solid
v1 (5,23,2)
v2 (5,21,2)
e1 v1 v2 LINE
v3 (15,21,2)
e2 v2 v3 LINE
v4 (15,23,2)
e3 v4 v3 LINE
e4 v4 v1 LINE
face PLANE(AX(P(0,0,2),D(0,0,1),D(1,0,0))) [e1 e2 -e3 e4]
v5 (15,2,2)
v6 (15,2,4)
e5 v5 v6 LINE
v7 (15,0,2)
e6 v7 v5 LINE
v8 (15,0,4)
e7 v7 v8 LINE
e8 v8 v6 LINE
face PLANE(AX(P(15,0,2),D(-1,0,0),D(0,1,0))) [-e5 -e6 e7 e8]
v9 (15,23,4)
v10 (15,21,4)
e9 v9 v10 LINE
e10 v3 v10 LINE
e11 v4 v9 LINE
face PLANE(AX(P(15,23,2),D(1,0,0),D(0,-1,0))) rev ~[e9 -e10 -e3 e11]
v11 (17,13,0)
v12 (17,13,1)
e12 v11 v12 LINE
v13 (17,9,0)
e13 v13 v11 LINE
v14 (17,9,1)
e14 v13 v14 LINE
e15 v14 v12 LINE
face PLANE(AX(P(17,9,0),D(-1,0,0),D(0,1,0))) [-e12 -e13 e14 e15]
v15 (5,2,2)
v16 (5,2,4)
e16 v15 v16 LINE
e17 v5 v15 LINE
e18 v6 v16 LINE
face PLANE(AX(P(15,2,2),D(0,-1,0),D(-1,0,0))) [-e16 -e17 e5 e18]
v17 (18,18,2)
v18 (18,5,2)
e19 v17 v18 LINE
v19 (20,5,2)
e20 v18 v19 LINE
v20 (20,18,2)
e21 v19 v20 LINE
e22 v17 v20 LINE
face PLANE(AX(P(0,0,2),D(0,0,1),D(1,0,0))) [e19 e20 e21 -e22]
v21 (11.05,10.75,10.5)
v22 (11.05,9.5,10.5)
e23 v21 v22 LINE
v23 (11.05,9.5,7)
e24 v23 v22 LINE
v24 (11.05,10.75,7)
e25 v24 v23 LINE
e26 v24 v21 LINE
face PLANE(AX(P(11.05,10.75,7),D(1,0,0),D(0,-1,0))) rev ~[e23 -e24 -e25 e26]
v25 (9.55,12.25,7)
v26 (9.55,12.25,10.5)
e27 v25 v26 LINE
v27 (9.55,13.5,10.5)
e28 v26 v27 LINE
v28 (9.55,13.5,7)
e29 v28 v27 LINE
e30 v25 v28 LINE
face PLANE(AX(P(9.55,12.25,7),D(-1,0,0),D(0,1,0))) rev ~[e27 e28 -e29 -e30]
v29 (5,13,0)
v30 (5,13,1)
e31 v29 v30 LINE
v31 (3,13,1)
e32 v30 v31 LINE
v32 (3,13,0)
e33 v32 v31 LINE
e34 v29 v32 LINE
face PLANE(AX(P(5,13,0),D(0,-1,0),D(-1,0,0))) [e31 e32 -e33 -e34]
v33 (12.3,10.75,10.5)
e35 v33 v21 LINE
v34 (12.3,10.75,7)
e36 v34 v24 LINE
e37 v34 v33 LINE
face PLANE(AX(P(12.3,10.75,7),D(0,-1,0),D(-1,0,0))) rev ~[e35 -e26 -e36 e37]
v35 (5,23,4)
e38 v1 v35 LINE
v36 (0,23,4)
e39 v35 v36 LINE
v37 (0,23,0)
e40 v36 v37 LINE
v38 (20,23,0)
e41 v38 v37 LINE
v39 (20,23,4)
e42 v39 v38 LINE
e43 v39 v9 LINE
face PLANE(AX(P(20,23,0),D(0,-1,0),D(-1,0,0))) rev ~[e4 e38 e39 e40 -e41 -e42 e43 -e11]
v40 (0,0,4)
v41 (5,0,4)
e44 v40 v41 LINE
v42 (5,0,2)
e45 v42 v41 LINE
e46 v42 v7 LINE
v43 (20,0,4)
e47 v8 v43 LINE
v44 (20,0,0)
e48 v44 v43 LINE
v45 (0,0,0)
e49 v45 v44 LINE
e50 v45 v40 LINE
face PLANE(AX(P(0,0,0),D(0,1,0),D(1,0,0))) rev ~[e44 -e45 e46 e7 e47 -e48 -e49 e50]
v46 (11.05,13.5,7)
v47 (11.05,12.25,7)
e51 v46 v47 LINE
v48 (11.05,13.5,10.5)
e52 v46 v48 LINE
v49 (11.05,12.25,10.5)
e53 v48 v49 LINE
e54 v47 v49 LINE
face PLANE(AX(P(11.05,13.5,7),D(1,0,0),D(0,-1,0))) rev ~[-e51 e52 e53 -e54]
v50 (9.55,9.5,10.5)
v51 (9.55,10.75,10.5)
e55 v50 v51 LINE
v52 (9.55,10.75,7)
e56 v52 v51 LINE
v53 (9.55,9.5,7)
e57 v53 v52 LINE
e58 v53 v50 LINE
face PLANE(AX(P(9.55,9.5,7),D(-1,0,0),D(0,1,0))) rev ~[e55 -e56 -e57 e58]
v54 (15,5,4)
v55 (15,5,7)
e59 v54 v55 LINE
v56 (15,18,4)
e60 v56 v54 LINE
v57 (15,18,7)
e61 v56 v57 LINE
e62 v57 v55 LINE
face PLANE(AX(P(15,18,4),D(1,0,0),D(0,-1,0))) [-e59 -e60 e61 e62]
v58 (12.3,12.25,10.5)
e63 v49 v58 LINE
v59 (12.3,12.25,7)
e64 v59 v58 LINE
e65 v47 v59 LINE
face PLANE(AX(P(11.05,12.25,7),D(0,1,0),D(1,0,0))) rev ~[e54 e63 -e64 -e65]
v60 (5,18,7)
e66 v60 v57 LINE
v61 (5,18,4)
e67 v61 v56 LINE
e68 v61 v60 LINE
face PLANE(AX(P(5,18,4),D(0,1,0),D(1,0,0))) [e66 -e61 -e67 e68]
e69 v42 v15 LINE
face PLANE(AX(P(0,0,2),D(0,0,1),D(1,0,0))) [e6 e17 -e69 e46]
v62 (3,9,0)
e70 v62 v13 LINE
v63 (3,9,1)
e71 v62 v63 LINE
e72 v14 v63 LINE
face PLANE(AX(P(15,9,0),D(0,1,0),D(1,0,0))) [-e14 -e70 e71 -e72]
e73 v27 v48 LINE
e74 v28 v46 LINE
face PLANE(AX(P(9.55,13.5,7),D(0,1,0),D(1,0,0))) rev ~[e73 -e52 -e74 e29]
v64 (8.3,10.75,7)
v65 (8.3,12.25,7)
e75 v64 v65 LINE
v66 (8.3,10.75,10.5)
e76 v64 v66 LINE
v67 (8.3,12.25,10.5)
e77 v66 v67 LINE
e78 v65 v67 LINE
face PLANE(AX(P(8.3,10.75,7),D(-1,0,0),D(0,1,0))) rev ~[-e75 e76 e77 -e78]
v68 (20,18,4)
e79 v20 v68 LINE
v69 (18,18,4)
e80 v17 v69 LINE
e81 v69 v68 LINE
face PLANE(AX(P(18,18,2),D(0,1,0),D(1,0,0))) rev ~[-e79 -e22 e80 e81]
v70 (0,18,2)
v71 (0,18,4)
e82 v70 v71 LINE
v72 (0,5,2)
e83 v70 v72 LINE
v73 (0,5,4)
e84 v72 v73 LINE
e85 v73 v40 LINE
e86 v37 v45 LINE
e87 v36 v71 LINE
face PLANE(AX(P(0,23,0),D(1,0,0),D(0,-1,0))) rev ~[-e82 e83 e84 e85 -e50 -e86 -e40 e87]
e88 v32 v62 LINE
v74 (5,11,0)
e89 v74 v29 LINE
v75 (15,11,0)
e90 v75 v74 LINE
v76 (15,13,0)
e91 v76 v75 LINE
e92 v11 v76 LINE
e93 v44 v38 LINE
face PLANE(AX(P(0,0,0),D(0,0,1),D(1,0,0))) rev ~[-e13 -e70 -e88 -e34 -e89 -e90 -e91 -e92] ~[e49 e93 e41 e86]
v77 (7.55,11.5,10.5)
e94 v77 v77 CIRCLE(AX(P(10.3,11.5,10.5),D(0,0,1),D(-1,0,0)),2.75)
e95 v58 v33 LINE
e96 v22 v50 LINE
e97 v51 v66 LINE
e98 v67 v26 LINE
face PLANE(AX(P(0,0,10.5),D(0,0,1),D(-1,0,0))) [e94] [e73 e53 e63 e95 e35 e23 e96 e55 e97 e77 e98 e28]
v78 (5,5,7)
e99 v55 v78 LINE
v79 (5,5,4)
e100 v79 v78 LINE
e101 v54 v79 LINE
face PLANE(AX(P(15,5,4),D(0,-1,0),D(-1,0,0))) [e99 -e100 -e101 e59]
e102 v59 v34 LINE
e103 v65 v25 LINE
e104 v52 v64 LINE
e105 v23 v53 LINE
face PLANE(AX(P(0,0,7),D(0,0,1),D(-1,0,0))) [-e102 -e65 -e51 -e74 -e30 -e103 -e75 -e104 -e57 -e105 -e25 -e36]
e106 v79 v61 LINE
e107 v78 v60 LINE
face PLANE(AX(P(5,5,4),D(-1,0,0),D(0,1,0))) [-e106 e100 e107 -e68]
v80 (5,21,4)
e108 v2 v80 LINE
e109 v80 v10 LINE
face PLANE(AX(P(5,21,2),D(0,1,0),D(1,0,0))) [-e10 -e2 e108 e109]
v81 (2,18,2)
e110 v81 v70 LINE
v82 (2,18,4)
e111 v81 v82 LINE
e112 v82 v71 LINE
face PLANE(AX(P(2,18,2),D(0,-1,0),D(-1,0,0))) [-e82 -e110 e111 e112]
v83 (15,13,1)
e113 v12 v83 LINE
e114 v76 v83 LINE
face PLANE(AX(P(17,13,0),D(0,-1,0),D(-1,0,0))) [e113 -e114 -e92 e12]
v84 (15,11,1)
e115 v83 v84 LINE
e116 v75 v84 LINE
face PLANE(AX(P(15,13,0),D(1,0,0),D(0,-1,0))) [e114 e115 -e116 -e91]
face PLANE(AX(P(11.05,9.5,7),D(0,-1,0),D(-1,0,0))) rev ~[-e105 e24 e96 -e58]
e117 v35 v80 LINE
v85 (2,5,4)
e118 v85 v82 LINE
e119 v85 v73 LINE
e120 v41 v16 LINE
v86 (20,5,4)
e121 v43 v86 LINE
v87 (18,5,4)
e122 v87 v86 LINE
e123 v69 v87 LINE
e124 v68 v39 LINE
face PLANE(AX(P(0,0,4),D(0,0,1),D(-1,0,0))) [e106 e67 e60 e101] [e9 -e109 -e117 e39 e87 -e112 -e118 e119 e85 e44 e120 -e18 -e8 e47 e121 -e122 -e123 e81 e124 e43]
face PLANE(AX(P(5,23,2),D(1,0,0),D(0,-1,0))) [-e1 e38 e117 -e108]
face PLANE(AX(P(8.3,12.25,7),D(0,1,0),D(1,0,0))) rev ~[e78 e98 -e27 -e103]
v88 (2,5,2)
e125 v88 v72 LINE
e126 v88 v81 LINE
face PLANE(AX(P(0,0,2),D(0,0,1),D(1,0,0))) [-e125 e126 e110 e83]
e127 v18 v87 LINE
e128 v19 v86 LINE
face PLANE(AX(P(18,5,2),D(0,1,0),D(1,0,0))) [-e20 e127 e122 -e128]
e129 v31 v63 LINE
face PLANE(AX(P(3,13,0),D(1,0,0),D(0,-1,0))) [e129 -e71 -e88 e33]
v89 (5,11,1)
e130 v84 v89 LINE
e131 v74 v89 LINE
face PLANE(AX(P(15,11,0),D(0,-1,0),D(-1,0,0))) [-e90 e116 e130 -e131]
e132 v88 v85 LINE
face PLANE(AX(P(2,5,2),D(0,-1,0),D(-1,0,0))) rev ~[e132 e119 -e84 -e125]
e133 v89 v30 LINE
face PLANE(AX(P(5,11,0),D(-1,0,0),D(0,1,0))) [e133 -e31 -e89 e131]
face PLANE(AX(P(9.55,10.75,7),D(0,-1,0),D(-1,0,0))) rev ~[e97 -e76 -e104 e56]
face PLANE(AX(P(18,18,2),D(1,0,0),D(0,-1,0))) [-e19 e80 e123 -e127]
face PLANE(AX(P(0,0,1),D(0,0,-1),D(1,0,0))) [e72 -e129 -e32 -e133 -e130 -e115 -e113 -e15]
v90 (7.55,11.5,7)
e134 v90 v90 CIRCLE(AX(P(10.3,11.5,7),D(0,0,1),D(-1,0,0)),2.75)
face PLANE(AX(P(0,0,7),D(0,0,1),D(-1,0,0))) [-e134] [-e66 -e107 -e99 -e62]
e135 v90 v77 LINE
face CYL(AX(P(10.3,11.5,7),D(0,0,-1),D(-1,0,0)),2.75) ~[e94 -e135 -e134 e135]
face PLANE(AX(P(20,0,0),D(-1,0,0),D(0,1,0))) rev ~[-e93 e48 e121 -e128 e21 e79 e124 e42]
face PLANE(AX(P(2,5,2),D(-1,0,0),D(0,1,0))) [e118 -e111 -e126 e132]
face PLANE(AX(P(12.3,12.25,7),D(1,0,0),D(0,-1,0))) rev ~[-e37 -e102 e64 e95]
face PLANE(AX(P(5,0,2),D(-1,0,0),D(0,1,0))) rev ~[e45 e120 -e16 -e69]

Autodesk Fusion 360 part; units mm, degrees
sketch "スケッチ1" plane through (0, 0, 0) normal (0, 0, 1) x (1, 0, 0)
  line L0 (0, 0) -> (20, 0)
  line L1 (20, 0) -> (20, 23)
  line L2 (20, 23) -> (0, 23)
  line L3 (0, 23) -> (0, 0)
  dimension "d1" = 20
  dimension "d2" = 23
extrude "押し出し1" add sketch "スケッチ1" along normal blind 2
sketch "スケッチ2" plane through (0, 0, 2) normal (0, 0, 1) x (-1, 0, 0)
  line L0 (0, -23) -> (0, 0)
  line L1 (0, 0) -> (-20, 0)
  line L2 (-20, 0) -> (-20, -23)
  line L3 (-20, -23) -> (0, -23)
  line L4 (0, -23) -> (-5, -23)
  line L5 (-5, -23) -> (-5, -18)
  line L6 (-5, -18) -> (0, -18)
  line L7 (0, -18) -> (0, -23)
  line L8 (-20, -23) -> (-15, -23)
  line L9 (-15, -23) -> (-15, -18)
  line L10 (-15, -18) -> (-20, -18)
  line L11 (-20, -18) -> (-20, -23)
  line L12 (0, 0) -> (-5, 0)
  line L13 (-5, 0) -> (-5, -5)
  line L14 (-5, -5) -> (0, -5)
  line L15 (0, -5) -> (0, 0)
  line L16 (-20, 0) -> (-15, 0)
  line L17 (-15, 0) -> (-15, -5)
  line L18 (-15, -5) -> (-20, -5)
  line L19 (-20, -5) -> (-20, 0)
  line L20 (-2, -21) -> (-18, -21)
  line L21 (-18, -21) -> (-18, -2)
  line L22 (-18, -2) -> (-2, -2)
  line L23 (-2, -2) -> (-2, -21)
  dimension "d5" = 5
  dimension "d6" = 5
  dimension "d7" = 5
  dimension "d8" = 5
  dimension "d9" = 5
  dimension "d10" = 5
  dimension "d11" = 5
  dimension "d12" = 5
extrude "押し出し2" add sketch "スケッチ2" along normal blind 2 contours L0 L3 L4 L5 L6 L7 L20 L23 | L0 L1 L12 L13 L14 L15 L22 L23 | L5 L6 L20 L23 | L5 L6 L9 L10 L13 L14 L17 L18 L20 L21 L22 L23 | L2 L3 L8 L9 L10 L11 L20 L21 | L13 L14 L22 L23 | L9 L10 L20 L21 | L1 L2 L16 L17 L18 L19 L21 L22 | L17 L18 L21 L22
sketch "スケッチ3" plane through (0, 0, 4) normal (0, 0, 1) x (-1, 0, 0)
  line L0 (-18, -18) -> (-20, -18)
  line L1 (-20, -18) -> (-20, -23)
  line L2 (-20, -23) -> (-15, -23)
  line L3 (-15, -23) -> (-15, -21)
  line L4 (-15, -21) -> (-5, -21)
  line L5 (-5, -21) -> (-5, -23)
  line L6 (-5, -23) -> (0, -23)
  line L7 (0, -23) -> (0, -18)
  line L8 (0, -18) -> (-2, -18)
  line L9 (-2, -18) -> (-2, -5)
  line L10 (-2, -5) -> (0, -5)
  line L11 (0, -5) -> (0, 0)
  line L12 (0, 0) -> (-5, 0)
  line L13 (-5, 0) -> (-5, -2)
  line L14 (-5, -2) -> (-15, -2)
  line L15 (-15, -2) -> (-15, 0)
  line L16 (-15, 0) -> (-20, 0)
  line L17 (-20, 0) -> (-20, -5)
  line L18 (-20, -5) -> (-18, -5)
  line L19 (-18, -5) -> (-18, -18)
  line L20 (-5, -18) -> (-15, -18)
  line L21 (-15, -18) -> (-15, -5)
  line L22 (-15, -5) -> (-5, -5)
  line L23 (-5, -5) -> (-5, -18)
extrude "押し出し3" add sketch "スケッチ3" along normal blind 3 contours L20 L21 L22 L23
sketch "スケッチ4" plane through (0, 0, 7) normal (0, 0, 1) x (-1, 0, 0)
  line L0 (-5, -5) -> (-15, -5)
  line L1 (-15, -5) -> (-15, -18)
  line L2 (-15, -18) -> (-5, -18)
  line L3 (-5, -18) -> (-5, -5)
  line L4 (-9.55, -13.5) -> (-11.05, -13.5)
  line L5 (-11.05, -13.5) -> (-11.05, -9.5)
  line L6 (-11.05, -9.5) -> (-9.55, -9.5)
  line L7 (-9.55, -9.5) -> (-9.55, -13.5)
  line L8 (-8.3, -12.25) -> (-12.3, -12.25)
  line L9 (-12.3, -12.25) -> (-12.3, -10.75)
  line L10 (-12.3, -10.75) -> (-8.3, -10.75)
  line L11 (-8.3, -10.75) -> (-8.3, -12.25)
  circle A0 centre (-10.3, -11.5) radius 2.75
  dimension "d17" = 13
  dimension "d18" = 1.5
  dimension "d19" = 4
  dimension "d20" = 4
  dimension "d21" = 1.5
  dimension "d22" = 5.5
extrude "押し出し4" add sketch "スケッチ4" along normal blind 3.5 contours A0
sketch "スケッチ7" plane through (0, 0, 0) normal (0, 0, -1) x (1, 0, 0)
  line L0 (0, 0) -> (0, -23)
  line L1 (0, -23) -> (20, -23)
  line L2 (20, -23) -> (20, 0)
  line L3 (20, 0) -> (0, 0)
  line L4 (17, -9) -> (17, -13)
  line L5 (15, -13) -> (15, -9)
  line L6 (15, -9) -> (17, -9)
  line L7 (17, -13) -> (15, -13)
  line L8 (5, -9) -> (15, -9)
  line L9 (15, -11) -> (5, -11)
  line L10 (5, -11) -> (5, -9)
  line L11 (15, -9) -> (15, -11)
  line L12 (5, -13) -> (3, -13)
  line L13 (3, -13) -> (3, -9)
  line L14 (3, -9) -> (5, -9)
  line L15 (5, -9) -> (5, -13)
extrude "押し出し7" cut sketch "スケッチ7" against normal blind 1 contours L4 L5 L6 L7 L11 | L5 L8 L9 L10 L11 L15 | L10 L12 L13 L14 L15
